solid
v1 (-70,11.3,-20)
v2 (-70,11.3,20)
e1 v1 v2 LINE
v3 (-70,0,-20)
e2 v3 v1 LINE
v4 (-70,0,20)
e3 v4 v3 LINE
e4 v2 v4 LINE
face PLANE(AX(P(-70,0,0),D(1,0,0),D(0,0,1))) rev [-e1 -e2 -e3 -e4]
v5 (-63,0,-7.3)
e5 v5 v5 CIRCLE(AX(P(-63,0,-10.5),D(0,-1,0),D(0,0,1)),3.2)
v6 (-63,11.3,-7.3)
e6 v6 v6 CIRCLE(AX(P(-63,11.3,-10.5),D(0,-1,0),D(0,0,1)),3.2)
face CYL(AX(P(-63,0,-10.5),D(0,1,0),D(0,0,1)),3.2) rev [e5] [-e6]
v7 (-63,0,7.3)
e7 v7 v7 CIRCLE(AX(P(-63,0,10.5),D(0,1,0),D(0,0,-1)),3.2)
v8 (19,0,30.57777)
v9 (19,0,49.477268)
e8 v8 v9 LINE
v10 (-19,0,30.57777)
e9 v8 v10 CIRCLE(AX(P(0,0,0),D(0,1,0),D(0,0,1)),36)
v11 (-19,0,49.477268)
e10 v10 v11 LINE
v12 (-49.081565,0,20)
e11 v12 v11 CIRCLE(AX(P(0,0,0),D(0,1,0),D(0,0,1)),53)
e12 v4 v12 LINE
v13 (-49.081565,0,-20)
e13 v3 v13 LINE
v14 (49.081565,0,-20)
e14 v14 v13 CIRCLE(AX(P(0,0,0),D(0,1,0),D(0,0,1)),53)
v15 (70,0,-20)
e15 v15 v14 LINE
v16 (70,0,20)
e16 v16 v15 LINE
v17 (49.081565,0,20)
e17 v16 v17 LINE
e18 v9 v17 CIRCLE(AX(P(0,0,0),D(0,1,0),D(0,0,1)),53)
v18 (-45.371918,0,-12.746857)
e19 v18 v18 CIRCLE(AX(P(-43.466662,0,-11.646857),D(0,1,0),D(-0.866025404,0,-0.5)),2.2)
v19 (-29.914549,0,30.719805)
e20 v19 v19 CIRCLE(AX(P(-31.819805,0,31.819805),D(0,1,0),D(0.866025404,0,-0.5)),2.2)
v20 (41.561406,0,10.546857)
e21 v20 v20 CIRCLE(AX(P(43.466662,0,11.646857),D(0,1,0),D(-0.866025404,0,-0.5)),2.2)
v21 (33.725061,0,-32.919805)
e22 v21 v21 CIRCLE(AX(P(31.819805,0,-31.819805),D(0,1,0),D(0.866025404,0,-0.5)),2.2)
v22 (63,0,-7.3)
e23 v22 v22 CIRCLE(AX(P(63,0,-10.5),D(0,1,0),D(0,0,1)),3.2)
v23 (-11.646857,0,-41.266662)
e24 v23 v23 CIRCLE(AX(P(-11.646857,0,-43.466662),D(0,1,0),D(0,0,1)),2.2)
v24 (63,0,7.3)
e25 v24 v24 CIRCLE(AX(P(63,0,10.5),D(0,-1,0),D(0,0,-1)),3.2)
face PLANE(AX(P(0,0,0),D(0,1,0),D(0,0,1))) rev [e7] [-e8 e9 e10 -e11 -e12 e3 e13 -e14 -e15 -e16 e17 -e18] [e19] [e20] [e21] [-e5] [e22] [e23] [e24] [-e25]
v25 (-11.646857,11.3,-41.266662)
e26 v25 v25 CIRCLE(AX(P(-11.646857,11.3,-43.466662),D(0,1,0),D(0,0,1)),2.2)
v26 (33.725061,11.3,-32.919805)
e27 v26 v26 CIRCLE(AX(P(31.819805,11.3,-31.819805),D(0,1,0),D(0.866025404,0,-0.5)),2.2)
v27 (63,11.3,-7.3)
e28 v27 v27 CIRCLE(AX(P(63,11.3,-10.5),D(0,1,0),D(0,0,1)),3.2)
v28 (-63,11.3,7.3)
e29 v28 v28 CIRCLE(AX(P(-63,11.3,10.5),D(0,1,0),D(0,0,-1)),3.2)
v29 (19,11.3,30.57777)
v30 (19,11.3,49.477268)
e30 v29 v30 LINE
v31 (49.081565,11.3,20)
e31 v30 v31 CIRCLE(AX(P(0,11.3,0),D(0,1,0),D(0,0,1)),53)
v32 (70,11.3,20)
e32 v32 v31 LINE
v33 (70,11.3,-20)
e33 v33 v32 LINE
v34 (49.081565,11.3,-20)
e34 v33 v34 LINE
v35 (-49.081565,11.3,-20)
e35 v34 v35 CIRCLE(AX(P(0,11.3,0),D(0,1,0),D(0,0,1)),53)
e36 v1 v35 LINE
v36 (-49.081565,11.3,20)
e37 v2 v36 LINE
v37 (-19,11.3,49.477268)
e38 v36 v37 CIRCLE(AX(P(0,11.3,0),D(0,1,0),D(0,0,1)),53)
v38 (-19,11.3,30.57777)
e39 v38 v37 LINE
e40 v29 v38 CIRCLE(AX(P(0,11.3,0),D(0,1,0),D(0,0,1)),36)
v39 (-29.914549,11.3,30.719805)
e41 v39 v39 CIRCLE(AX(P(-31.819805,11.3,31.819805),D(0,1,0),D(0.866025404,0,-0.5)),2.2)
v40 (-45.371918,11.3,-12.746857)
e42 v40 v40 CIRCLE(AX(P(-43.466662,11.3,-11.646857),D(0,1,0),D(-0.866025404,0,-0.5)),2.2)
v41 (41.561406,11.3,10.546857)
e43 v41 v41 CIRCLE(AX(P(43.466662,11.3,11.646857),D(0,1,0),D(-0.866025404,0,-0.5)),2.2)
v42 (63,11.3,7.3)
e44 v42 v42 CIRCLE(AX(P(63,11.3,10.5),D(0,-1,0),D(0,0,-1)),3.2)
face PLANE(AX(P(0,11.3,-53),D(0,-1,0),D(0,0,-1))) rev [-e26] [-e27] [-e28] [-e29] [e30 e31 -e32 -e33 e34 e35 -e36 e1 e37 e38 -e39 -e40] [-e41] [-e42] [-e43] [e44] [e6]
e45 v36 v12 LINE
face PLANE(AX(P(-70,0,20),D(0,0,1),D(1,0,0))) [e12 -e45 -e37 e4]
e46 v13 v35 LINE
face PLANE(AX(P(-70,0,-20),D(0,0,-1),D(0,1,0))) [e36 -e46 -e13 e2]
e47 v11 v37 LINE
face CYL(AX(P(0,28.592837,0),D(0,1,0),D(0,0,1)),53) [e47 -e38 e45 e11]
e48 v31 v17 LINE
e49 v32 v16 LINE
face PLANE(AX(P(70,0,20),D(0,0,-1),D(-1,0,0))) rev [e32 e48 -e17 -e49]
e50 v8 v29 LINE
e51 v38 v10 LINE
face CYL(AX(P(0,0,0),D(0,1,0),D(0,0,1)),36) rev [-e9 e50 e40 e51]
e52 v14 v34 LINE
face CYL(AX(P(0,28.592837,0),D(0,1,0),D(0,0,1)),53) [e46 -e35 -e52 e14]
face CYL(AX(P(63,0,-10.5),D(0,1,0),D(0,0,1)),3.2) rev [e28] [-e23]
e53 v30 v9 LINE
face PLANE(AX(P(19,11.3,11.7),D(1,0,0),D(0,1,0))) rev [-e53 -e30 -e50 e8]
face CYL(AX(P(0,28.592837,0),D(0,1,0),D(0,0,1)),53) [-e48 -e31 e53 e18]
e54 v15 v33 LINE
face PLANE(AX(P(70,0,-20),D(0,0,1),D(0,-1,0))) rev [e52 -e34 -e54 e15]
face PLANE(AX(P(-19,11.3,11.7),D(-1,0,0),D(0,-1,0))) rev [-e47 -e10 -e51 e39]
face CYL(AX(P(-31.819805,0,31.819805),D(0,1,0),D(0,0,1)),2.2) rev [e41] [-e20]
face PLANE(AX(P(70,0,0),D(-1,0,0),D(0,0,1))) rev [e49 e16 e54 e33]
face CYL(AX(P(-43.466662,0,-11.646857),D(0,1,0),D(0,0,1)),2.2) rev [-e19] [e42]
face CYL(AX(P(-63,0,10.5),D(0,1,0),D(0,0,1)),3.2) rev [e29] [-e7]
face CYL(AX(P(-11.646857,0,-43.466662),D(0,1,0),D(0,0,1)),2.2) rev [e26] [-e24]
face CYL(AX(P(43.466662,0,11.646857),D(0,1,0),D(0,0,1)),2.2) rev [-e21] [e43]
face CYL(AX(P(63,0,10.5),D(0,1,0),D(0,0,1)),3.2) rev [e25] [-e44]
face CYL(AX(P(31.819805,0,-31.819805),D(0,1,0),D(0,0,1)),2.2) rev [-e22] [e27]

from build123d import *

# Parameters (mm, degrees)
SKETCH1_W                                  = 53
SKETCH1_H                                  = 11.3
SKETCH2_R                                  = 36
CUT_EXTRUDE1_DEPTH                         = 11.3
SKETCH3_W                                  = 38
SKETCH3_H                                  = 11.3
CUT_EXTRUDE2_DEPTH                         = 41.3
SKETCH5_R                                  = 2.2
CUT_EXTRUDE3_DEPTH                         = 76.800329815
CIRPATTERN1_COUNT                          = 3
BOSS_EXTRUDE1_START                        = -5
SKETCH6_W                                  = 40
SKETCH6_H                                  = 11.3
BOSS_EXTRUDE1_DEPTH                        = 22
SKETCH7_R                                  = 3.2
CUT_EXTRUDE4_DEPTH                         = 89.525081192
MIRROR2_AT_THE_SECOND_PLANE_COPY_1_SKETC_R = 3.2
MIRROR2_AT_THE_SECOND_PLANE_COPY_1_DEPTH   = 89.525081192


with BuildPart() as part:
    # Sketch1 → Revolve1 (revolve)
    with BuildSketch(Plane(origin=(0, 0, 0), x_dir=(0, 0, -1), z_dir=(1, 0, 0)), mode=Mode.PRIVATE) as revolve1_sk:
        with Locations((26.5, 5.65)):
            Rectangle(SKETCH1_W, SKETCH1_H)
    revolve(revolve1_sk.sketch.rotate(Axis((0, 28.592836715, 0), (0, -1, 0)), 180), axis=Axis((0, 28.592836715, 0), (0, -1, 0)))

    # Sketch2 → Cut-Extrude1 (cut)
    with BuildSketch(Plane(origin=(0, 11.3, 0), x_dir=(1, 0, 0), z_dir=(0, 1, 0))):
        with Locations(Location((0, 0, 0), (0, 0, 270))):
            Circle(SKETCH2_R)
    extrude(amount=-CUT_EXTRUDE1_DEPTH, mode=Mode.SUBTRACT)

    # Sketch3 → Cut-Extrude2 (cut)
    with BuildSketch(Plane.XY.offset(53)):
        with Locations((0, 5.65)):
            Rectangle(SKETCH3_W, SKETCH3_H)
    extrude(amount=-CUT_EXTRUDE2_DEPTH, mode=Mode.SUBTRACT)

    # Sketch5 → Cut-Extrude3 (cut, through all)
    with BuildSketch(Plane(origin=(0, 11.3, 0), x_dir=(1, 0, 0), z_dir=(0, 1, 0))):
        with Locations((11.64685703, -43.466662183)):
            Circle(SKETCH5_R)
        with Locations(Location((-11.64685703, 43.466662183, 0), (0, 0, 270))):
            Circle(SKETCH5_R)
    cut_extrude3 = extrude(amount=-CUT_EXTRUDE3_DEPTH, mode=Mode.SUBTRACT)

    # CirPattern1: Cut-Extrude3 ×3 about axis
    cirpattern1_axis = Axis((0, 0, 0), (0, 1, 0))
    for i in range(1, CIRPATTERN1_COUNT):
        add(cut_extrude3.rotate(cirpattern1_axis, i * 360 / CIRPATTERN1_COUNT), mode=Mode.SUBTRACT)

    # Sketch6 → Boss-Extrude1 (add)
    with BuildSketch(Plane(origin=(53, 0, 0), x_dir=(0, 0, -1), z_dir=(1, 0, 0)).offset(BOSS_EXTRUDE1_START)):
        with Locations((0, 5.65)):
            Rectangle(SKETCH6_W, SKETCH6_H)
    boss_extrude1 = extrude(amount=BOSS_EXTRUDE1_DEPTH)

    # Mirror1: Boss-Extrude1 across plane
    add(boss_extrude1.mirror(Plane(origin=(0, 0, 0), x_dir=(0, 0, 1), z_dir=(1, 0, 0))))

    # Sketch7 → Cut-Extrude4 (cut, through all)
    with BuildSketch(Plane(origin=(0, 11.3, 0), x_dir=(1, 0, 0), z_dir=(0, 1, 0))):
        with Locations(Location((63, 10.5, 0), (0, 0, 270))):
            Circle(SKETCH7_R)
    cut_extrude4 = extrude(amount=-CUT_EXTRUDE4_DEPTH, mode=Mode.SUBTRACT)

    # Mirror2: Cut-Extrude4 across plane
    add(cut_extrude4.mirror(Plane(origin=(0, 0, 0), x_dir=(0, 0, 1), z_dir=(1, 0, 0))), mode=Mode.SUBTRACT)

    # Mirror2 at the second plane: Cut-Extrude4 across plane
    add(cut_extrude4.mirror(Plane.XY), mode=Mode.SUBTRACT)

    # Mirror2 at the second plane copy 1 sketc → Mirror2 at the second plane copy 1 (cut, through all)
    with BuildSketch(Plane(origin=(0, 11.3, 0), x_dir=(-1, 0, 0), z_dir=(0, 1, 0))):
        with Locations(Location((63, 10.5, 0), (0, 0, 270))):
            Circle(MIRROR2_AT_THE_SECOND_PLANE_COPY_1_SKETC_R)
    extrude(amount=-MIRROR2_AT_THE_SECOND_PLANE_COPY_1_DEPTH, mode=Mode.SUBTRACT)


solid = part.part
